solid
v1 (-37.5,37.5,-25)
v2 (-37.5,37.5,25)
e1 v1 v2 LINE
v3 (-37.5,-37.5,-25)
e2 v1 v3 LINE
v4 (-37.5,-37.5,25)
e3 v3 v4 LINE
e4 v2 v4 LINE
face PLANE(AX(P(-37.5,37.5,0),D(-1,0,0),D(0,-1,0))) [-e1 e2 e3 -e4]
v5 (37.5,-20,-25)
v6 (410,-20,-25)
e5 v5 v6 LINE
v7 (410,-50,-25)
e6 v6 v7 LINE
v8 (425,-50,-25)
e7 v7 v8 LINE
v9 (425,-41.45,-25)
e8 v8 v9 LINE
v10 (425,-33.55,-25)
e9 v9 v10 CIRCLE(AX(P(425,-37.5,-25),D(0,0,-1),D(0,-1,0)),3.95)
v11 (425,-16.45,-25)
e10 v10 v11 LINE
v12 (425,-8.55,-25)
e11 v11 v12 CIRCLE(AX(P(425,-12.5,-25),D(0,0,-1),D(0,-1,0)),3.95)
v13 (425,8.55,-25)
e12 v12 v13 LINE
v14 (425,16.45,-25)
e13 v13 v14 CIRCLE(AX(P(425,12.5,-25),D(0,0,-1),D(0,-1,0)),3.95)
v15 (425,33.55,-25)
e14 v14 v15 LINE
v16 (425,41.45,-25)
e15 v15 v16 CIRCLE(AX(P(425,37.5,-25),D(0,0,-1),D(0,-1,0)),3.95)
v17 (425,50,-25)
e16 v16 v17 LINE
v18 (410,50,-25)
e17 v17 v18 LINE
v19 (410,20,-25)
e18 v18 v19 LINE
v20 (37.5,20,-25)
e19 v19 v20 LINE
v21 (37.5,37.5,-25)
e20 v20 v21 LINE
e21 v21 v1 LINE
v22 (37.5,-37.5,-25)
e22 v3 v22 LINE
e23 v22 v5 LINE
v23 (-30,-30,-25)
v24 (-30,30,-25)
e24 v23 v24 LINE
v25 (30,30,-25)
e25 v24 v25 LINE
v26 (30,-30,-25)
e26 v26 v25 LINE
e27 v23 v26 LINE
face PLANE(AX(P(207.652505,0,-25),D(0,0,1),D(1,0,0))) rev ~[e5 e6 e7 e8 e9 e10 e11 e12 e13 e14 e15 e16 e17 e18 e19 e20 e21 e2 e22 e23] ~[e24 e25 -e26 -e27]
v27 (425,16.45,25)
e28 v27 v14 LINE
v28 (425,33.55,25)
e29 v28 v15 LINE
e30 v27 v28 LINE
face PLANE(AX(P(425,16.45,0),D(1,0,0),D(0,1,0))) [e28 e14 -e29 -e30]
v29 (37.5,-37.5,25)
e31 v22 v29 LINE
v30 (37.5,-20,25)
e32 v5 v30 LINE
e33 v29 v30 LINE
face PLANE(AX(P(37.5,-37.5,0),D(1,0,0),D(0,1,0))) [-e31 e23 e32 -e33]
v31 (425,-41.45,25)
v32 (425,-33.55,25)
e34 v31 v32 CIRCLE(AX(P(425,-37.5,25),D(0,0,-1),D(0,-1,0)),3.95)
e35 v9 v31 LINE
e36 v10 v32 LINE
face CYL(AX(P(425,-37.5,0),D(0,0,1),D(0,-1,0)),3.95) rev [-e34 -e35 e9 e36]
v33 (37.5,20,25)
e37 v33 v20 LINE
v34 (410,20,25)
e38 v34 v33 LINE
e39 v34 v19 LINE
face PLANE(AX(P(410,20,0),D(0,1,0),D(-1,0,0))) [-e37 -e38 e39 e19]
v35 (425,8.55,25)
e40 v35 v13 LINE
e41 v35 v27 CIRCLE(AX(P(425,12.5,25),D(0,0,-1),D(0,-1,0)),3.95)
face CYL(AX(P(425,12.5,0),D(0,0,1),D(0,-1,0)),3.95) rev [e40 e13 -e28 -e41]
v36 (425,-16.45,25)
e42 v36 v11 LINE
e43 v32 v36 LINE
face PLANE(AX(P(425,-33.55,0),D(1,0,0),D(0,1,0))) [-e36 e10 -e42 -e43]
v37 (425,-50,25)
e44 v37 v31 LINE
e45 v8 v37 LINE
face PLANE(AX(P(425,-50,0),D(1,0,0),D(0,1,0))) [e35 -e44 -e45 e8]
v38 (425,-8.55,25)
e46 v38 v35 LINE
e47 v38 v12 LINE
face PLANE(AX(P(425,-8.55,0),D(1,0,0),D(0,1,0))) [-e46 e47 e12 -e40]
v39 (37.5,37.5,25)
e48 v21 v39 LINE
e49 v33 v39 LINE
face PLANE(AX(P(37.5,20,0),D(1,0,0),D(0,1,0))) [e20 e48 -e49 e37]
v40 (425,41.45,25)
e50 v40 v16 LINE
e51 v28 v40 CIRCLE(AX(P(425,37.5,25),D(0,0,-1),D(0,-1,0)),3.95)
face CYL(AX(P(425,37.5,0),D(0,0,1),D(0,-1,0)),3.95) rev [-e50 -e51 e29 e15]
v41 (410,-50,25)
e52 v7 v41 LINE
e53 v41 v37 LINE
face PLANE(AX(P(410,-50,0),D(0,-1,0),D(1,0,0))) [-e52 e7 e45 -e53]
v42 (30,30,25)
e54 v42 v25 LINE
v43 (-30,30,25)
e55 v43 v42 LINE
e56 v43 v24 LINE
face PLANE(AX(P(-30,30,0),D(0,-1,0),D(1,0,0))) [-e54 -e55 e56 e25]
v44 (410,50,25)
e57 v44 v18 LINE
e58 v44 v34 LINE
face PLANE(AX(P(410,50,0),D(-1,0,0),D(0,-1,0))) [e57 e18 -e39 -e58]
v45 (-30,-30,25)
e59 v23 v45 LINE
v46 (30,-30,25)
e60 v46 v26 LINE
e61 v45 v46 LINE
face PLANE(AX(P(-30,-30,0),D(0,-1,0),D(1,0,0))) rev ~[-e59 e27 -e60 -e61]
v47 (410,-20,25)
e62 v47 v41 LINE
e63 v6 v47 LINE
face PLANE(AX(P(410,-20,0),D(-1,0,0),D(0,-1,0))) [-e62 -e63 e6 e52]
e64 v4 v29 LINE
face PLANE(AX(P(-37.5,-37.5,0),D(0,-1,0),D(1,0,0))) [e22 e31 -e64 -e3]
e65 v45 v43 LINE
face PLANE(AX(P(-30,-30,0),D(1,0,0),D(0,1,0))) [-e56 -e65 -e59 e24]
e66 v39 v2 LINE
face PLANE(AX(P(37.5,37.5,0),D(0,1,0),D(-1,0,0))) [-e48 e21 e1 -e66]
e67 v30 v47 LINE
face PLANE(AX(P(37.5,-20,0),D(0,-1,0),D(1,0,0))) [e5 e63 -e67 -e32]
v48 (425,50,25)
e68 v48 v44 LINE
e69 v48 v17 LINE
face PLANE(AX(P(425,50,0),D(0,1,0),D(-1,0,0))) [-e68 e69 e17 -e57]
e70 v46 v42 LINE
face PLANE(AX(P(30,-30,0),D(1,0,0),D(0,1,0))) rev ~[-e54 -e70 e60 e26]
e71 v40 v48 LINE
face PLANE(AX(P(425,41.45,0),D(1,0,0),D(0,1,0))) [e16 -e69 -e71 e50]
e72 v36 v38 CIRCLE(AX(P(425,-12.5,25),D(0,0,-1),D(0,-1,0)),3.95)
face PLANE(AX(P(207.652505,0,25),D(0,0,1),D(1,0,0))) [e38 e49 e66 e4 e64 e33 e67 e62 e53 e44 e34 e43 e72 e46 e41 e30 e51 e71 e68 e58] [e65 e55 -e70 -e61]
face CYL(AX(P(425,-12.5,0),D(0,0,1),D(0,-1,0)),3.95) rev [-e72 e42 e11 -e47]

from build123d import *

# Parameters (mm, degrees)
F0_W     = 60
F0_H     = 60
F1_DEPTH = 25


with BuildPart() as f1:
    # F0 (on Top) → F1 (new body, symmetric)
    with BuildSketch(Plane.XY):
        with BuildLine():
            Line((37.5, 20), (37.5, 37.5))
            Line((37.5, 37.5), (-37.5, 37.5))
            Line((-37.5, 37.5), (-37.5, -37.5))
            Line((-37.5, -37.5), (37.5, -37.5))
            Line((37.5, -37.5), (37.5, -20))
            Line((37.5, -20), (410, -20))
            Line((410, -20), (410, -50))
            Line((410, -50), (425, -50))
            Line((425, -50), (425, -41.45))
            ThreePointArc((425, -41.45), (421.05, -37.5), (425, -33.55))
            Line((425, -33.55), (425, -16.45))
            ThreePointArc((425, -16.45), (421.05, -12.5), (425, -8.55))
            Line((425, -8.55), (425, 0))
            Line((425, 0), (425, 8.55))
            ThreePointArc((425, 8.55), (421.05, 12.5), (425, 16.45))
            Line((425, 16.45), (425, 33.55))
            ThreePointArc((425, 33.55), (421.05, 37.5), (425, 41.45))
            Line((425, 41.45), (425, 50))
            Line((425, 50), (410, 50))
            Line((410, 50), (410, 20))
            Line((410, 20), (37.5, 20))
        make_face()
        Rectangle(F0_W, F0_H, mode=Mode.SUBTRACT)
    extrude(amount=F1_DEPTH, both=True)


solid = f1.part
